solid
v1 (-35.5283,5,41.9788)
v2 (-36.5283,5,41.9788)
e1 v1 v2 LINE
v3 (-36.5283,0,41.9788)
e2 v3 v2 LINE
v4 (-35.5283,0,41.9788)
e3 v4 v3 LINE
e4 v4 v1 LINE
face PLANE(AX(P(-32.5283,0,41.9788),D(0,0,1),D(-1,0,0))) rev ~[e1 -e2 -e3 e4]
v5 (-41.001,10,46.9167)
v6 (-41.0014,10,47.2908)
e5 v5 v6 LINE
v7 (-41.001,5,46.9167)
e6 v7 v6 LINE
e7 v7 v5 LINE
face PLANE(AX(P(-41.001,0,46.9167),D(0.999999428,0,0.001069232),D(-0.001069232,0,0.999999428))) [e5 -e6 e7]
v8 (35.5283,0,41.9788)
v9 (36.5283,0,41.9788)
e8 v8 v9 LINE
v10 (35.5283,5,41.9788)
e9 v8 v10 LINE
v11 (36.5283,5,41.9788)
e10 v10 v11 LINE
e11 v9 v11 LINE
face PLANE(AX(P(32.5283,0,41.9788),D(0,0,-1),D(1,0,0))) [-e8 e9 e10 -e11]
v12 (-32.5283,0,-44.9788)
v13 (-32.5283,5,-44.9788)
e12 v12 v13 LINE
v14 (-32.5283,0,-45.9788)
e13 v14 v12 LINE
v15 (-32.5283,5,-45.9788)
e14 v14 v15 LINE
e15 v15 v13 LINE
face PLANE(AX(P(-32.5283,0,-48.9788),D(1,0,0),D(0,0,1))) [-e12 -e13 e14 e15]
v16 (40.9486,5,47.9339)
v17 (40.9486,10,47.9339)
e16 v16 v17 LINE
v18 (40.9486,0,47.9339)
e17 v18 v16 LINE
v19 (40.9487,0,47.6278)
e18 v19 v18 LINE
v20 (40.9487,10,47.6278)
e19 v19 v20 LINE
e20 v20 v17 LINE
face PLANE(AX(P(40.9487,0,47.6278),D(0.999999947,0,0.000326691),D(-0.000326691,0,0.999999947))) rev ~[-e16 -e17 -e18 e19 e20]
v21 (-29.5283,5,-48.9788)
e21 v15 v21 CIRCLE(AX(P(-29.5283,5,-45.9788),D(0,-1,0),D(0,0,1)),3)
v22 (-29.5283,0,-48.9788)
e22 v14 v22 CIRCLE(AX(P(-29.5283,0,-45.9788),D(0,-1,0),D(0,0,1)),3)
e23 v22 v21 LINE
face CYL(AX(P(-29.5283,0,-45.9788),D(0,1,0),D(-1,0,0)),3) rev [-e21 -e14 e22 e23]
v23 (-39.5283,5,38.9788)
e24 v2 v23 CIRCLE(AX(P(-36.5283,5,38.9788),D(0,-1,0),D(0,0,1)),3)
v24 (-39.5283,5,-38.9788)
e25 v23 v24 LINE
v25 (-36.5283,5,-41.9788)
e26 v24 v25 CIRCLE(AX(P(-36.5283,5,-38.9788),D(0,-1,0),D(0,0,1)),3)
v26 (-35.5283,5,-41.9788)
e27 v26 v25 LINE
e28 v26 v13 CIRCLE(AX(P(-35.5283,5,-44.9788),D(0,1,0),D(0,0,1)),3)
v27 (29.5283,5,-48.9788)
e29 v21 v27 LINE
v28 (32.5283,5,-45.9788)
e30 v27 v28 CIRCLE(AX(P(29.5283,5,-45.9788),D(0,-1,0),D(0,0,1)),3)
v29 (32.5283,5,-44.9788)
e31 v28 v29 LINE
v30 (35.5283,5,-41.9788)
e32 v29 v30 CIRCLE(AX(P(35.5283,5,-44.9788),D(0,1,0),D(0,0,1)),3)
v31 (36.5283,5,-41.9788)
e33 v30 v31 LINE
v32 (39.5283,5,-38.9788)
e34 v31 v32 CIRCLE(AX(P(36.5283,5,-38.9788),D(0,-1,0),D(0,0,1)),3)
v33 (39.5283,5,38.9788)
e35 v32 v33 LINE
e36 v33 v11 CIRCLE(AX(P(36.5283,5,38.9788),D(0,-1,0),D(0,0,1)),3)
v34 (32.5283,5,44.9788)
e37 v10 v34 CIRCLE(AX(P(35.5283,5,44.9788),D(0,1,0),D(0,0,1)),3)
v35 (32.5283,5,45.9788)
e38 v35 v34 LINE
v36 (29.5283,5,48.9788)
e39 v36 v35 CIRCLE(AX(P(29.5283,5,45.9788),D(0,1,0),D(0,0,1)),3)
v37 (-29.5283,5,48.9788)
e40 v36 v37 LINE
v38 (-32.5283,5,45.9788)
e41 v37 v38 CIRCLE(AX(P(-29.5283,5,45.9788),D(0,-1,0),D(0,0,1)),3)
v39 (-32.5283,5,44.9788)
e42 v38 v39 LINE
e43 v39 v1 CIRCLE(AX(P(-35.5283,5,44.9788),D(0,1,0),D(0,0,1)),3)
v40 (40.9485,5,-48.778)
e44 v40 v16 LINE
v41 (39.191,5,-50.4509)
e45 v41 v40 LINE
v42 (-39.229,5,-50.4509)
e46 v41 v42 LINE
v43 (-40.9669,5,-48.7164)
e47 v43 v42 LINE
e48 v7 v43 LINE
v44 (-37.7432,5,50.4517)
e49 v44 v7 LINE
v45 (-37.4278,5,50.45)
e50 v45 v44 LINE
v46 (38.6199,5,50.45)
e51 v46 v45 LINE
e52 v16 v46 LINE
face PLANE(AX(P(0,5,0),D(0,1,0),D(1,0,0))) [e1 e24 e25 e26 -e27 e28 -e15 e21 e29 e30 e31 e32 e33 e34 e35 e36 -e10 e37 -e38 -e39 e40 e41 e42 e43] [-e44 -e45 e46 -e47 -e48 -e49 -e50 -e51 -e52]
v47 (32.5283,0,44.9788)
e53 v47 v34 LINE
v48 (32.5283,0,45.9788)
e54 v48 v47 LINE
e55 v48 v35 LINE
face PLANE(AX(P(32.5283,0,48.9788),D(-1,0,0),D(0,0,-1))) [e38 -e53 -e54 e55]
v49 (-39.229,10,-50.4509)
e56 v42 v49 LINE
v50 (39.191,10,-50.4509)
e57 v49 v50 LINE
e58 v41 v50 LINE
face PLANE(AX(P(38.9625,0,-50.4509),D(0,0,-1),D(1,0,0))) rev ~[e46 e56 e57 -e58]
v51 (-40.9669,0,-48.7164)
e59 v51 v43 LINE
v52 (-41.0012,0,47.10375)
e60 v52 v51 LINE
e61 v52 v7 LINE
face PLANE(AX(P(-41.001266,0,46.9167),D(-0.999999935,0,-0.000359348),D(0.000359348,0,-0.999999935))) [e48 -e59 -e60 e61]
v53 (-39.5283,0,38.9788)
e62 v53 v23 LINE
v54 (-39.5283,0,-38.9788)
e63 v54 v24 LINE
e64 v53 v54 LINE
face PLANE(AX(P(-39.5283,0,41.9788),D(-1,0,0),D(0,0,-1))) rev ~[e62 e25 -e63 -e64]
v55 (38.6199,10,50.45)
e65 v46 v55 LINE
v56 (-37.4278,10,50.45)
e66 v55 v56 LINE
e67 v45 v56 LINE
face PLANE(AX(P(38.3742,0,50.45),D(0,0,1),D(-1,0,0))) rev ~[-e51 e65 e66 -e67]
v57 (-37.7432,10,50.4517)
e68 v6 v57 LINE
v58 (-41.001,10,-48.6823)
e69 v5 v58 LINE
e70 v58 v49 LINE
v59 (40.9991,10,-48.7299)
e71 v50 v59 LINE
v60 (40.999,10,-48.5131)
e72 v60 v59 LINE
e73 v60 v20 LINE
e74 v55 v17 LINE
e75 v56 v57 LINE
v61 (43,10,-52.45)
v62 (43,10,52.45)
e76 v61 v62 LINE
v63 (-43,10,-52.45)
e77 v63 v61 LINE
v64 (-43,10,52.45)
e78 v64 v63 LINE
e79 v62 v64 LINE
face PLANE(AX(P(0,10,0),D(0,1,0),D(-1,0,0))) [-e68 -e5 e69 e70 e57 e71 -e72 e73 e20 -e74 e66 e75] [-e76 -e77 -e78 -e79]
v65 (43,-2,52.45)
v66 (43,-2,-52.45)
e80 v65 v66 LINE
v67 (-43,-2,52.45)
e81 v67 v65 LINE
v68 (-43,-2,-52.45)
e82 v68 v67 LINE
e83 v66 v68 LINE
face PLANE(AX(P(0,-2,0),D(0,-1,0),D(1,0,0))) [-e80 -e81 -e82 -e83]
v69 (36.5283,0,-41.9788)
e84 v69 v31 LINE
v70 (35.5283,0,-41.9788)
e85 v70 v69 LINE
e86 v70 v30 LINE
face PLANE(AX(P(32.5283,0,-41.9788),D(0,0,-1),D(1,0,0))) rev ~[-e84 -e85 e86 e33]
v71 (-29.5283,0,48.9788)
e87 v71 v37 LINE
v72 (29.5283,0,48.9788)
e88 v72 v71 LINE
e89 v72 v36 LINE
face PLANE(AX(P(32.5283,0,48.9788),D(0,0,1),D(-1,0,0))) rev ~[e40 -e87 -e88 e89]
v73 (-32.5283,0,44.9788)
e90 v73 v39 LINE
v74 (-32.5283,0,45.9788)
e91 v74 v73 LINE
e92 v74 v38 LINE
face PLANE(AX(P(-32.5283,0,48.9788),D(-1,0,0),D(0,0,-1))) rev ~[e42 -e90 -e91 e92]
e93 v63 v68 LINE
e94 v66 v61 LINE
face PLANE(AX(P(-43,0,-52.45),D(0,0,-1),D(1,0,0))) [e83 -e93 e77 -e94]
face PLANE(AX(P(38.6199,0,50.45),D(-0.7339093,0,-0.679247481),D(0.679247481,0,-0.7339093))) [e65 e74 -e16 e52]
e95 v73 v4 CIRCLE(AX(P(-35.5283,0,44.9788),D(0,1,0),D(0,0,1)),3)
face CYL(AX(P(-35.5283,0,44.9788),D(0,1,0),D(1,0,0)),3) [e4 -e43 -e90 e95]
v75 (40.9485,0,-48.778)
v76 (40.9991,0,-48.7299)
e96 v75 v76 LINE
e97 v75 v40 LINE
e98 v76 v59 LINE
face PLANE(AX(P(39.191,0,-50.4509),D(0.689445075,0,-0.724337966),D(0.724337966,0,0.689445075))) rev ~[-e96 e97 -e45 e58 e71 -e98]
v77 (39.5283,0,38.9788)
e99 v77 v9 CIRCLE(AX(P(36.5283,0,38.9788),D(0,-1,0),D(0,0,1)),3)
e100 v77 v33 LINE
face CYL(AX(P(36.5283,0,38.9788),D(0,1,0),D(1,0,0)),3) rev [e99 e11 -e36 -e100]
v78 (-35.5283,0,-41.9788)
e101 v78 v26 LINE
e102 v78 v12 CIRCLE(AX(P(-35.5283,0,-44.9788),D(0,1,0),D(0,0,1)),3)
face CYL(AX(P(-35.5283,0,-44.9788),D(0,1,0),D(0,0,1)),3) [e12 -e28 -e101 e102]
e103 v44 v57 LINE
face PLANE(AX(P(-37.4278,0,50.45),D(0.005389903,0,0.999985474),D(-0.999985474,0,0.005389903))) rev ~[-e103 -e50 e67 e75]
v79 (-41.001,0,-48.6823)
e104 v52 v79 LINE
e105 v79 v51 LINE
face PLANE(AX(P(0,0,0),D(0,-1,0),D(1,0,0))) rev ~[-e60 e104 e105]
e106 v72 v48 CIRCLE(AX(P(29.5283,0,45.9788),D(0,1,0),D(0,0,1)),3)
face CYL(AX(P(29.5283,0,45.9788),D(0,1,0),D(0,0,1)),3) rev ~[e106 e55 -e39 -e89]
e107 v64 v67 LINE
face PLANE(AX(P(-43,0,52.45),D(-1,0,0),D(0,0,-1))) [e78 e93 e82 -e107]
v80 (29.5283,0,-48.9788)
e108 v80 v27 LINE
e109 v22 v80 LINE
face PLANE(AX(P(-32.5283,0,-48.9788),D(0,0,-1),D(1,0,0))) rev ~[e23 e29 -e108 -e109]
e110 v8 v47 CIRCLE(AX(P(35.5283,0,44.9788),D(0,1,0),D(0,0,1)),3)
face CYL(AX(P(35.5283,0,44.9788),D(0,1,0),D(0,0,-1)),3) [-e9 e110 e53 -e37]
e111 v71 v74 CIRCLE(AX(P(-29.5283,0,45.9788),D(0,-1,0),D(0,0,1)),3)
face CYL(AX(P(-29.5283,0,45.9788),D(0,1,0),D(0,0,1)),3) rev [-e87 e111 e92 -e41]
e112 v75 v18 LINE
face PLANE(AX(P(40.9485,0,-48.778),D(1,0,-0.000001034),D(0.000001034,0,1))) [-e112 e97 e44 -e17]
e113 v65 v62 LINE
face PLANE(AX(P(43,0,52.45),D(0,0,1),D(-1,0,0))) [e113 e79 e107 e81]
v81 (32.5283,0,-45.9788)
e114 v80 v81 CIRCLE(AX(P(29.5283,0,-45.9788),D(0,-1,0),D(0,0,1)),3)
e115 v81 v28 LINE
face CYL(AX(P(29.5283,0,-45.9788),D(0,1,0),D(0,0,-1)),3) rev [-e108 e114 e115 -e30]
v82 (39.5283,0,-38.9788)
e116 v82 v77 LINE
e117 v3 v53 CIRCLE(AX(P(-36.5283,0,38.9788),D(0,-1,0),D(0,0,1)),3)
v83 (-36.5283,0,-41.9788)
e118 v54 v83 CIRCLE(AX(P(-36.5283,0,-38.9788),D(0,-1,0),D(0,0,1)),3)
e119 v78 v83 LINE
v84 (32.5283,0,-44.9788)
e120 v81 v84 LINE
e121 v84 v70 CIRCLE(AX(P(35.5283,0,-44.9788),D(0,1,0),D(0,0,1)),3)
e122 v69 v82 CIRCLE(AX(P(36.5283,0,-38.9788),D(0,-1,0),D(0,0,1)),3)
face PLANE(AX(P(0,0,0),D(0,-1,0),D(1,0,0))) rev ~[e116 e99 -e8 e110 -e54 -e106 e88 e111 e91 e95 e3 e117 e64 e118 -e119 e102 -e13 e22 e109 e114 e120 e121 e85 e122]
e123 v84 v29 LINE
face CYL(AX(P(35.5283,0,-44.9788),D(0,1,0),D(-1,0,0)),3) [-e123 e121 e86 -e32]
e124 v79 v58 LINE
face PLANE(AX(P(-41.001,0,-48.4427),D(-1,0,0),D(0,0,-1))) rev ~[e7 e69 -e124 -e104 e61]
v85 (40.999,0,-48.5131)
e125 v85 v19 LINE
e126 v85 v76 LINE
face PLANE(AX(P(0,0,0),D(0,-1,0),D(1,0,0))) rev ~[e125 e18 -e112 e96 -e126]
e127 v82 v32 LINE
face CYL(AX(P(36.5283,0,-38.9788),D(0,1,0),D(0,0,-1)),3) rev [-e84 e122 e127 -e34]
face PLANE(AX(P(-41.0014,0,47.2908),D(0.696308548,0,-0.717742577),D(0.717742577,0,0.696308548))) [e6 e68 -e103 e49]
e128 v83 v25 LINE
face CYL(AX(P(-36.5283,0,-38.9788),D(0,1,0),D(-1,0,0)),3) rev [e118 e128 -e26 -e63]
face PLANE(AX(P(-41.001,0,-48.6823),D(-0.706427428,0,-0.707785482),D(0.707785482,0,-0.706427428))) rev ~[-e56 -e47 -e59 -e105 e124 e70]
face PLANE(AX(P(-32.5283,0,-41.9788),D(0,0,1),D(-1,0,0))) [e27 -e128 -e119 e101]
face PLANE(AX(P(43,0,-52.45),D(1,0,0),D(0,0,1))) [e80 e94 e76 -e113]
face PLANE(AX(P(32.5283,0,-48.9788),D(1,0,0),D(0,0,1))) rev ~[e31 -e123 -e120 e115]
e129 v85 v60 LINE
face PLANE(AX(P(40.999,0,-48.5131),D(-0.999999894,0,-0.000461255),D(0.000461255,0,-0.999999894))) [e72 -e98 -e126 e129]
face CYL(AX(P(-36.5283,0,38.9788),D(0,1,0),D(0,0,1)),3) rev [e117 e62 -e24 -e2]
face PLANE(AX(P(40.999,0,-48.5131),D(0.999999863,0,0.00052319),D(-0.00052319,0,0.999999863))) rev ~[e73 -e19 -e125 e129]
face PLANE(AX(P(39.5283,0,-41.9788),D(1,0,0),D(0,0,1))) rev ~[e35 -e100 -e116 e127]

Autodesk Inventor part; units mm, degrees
ref_plane "YZ Plane" through (0, 0, 0) normal (1, 0, 0) x (0, 1, 0)
ref_plane "XZ Plane" through (0, 0, 0) normal (0, 1, 0) x (-1, 0, 0)
ref_plane "XY Plane" through (0, 0, 0) normal (0, 0, 1) x (1, 0, 0)
sketch "Sketch1" plane through (0, 0, 0) normal (0, 1, 0) x (-1, 0, 0)
  line L0 (41, 50.45) -> (40.9472, -50.4928) construction
  line L1 (40.9472, -50.4928) -> (-41, -50.45) construction
  line L2 (-41, -50.45) -> (-40.9472, 50.4928) construction
  line L3 (-40.9472, 50.4928) -> (41, 50.45) construction
  line L4 (-41, 50.45) -> (41, -50.45) construction
  line L5 (41, 50.45) -> (-41, -50.45) construction
  line L6 (-43, 52.45) -> (43, 52.45)
  line L7 (43, 52.45) -> (43, -52.45)
  line L8 (43, -52.45) -> (-43, -52.45)
  line L9 (-43, -52.45) -> (-43, 52.45)
  line L10 (-43, 52.45) -> (43, -52.45) construction
  line L11 (43, 52.45) -> (-43, -52.45) construction
  line L12 (41, 50.45) -> (41, 50.0105)
  line L13 (41.001, 46.9167) -> (41.001, -48.4427)
  line L14 (41, -50.45) -> (40.9473, -50.45)
  line L15 (39.0158, -50.4509) -> (-38.9625, -50.4509)
  line L16 (-38.3742, 50.45) -> (37.4278, 50.45)
  line L17 (-40.999, -48.5131) -> (-40.9487, 47.6278)
  line L18 (37.4278, 50.45) -> (37.7432, 50.4517)
  line L19 (41.001, 46.9167) -> (41.0014, 47.2908)
  line L20 (41.0014, 47.2908) -> (37.7432, 50.4517)
  line L21 (41.001, -48.4427) -> (41.001, -48.6823)
  line L22 (41.001, -48.6823) -> (39.229, -50.4509)
  line L23 (39.229, -50.4509) -> (39.0158, -50.4509)
  line L24 (-38.9625, -50.4509) -> (-39.191, -50.4509)
  line L25 (-39.191, -50.4509) -> (-40.9991, -48.7299)
  line L26 (-40.999, -48.5131) -> (-40.9991, -48.7299)
  line L27 (-40.9487, 47.6278) -> (-40.9486, 47.9339)
  line L28 (-38.3742, 50.45) -> (-38.6199, 50.45)
  line L29 (-38.6199, 50.45) -> (-40.9486, 47.9339)
  point P0 (0, 0)
  dimension "d48" = 82
  dimension "d49" = 100.9
  dimension "d50" = 86
  dimension "d51" = 104.9
extrude "Extrusion3" add sketch "Sketch1" along normal blind 10
sketch "Sketch3" plane through (0, 0, 0) normal (0, -1, 0) x (1, 0, 0)
  line L0 (43, -52.45) -> (-43, -52.45) projected
  line L1 (-43, 52.45) -> (43, 52.45)
  line L2 (43, 52.45) -> (43, -52.45)
  line L3 (43, -52.45) -> (-43, -52.45)
  line L4 (-43, -52.45) -> (-43, 52.45)
  line L5 (-43, 52.45) -> (43, -52.45) construction
  line L6 (43, 52.45) -> (-43, -52.45) construction
  point P0 (0, 0)
extrude "Extrusion4" add sketch "Sketch3" along normal blind 2
sketch "Sketch4" plane through (0, 0, 0) normal (0, 1, 0) x (1, 0, 0)
  line L0 (-40.966, -50.4517) -> (-40.966, 50.4509) construction
  line L1 (-40.966, 50.4509) -> (40.9486, 50.4509) construction
  line L2 (40.9486, 50.4509) -> (40.9486, -50.4517) construction
  line L3 (40.9486, -50.4517) -> (-40.966, -50.4517) construction
  line L4 (-41.001, -46.9167) -> (-41.001, 48.6823) projected
  line L5 (-37.7432, -50.4517) -> (-41.0014, -47.2908) projected
  line L6 (38.6199, -50.45) -> (-37.4278, -50.45) projected
  line L7 (43, 52.45) -> (-43, 52.45) projected
  line L8 (-43, 52.45) -> (-43, -52.45) projected
  line L9 (-43, -52.45) -> (43, -52.45) projected
  line L10 (43, -52.45) -> (43, 52.45) projected
  line L11 (-41.0014, -47.2908) -> (-41.001, -46.9167) projected
  line L12 (-41.001, -46.9167) -> (-41.001, 48.6823) projected
  line L13 (-41.001, 48.6823) -> (-39.229, 50.4509) projected
  line L14 (-39.229, 50.4509) -> (38.9625, 50.4509) projected
  line L15 (38.9625, 50.4509) -> (39.191, 50.4509) projected
  line L16 (39.191, 50.4509) -> (40.9991, 48.7299) projected
  line L17 (40.9991, 48.7299) -> (40.9486, -47.9339) projected
  line L18 (40.9486, -47.9339) -> (38.6199, -50.45) projected
  line L19 (38.6199, -50.45) -> (-37.4278, -50.45) projected
  line L20 (-37.4278, -50.45) -> (-37.7432, -50.4517) projected
  line L21 (-37.7432, -50.4517) -> (-41.0014, -47.2908) projected
  line L22 (-39.229, 50.4509) -> (38.9625, 50.4509) projected
  line L23 (-41.001, 48.6823) -> (-39.229, 50.4509) projected
  point P0 (0, 0)
sketch "Sketch5" plane through (0, 0, 0) normal (0, 1, 0) x (1, 0, 0)
  line L0 (-37.7432, -50.4517) -> (-41.0014, -47.2908) projected
  line L1 (-37.4278, -50.45) -> (-37.7432, -50.4517) projected
  line L2 (38.6199, -50.45) -> (-37.4278, -50.45) projected
  line L3 (40.9486, -47.9339) -> (38.6199, -50.45) projected
  line L4 (40.9991, 48.7299) -> (40.9486, -47.9339) projected
  line L5 (39.191, 50.4509) -> (40.9991, 48.7299) projected
  line L6 (38.9625, 50.4509) -> (39.191, 50.4509) projected
  line L7 (-39.229, 50.4509) -> (38.9625, 50.4509) projected
  line L8 (-41.001, 48.6823) -> (-39.229, 50.4509) projected
  line L9 (-41.001, -46.9167) -> (-41.001, 48.6823) projected
  line L10 (-41.0014, -47.2908) -> (-41.001, -46.9167) projected
  line L11 (-37.7432, -50.4517) -> (-41.0014, -47.2908) projected
  line L12 (38.6199, -50.45) -> (-37.4278, -50.45) projected
  line L13 (-37.4278, -50.45) -> (-37.7432, -50.4517) projected
  line L14 (-41.001, -46.9167) -> (-41.001, 48.6823) projected
  line L15 (-41.0014, -47.2908) -> (-41.001, -46.9167) projected
  line L16 (-41.001, 48.6823) -> (-39.229, 50.4509) projected
  line L17 (-39.229, 50.4509) -> (38.9625, 50.4509) projected
  line L18 (39.191, 50.4509) -> (40.9991, 48.7299) projected
  line L19 (40.9991, 48.7299) -> (40.9486, -47.9339) projected
  line L20 (40.9486, -47.9339) -> (38.6199, -50.45) projected
  line L21 (-41.0014, -47.2908) -> (-40.9669, 48.7164)
  line L22 (-39.229, 50.4509) -> (39.191, 50.4509)
  line L23 (40.9485, 48.778) -> (40.9486, -47.9339)
  line L24 (38.6199, -50.45) -> (-37.7432, -50.4517)
  line L25 (-37.7432, -50.4517) -> (-41.0014, -47.2908)
  line L26 (39.5283, -48.9788) -> (-39.5283, -48.9788)
  line L27 (-39.5283, -48.9788) -> (-39.5283, 48.9788)
  line L28 (-39.5283, 48.9788) -> (39.5283, 48.9788)
  line L29 (39.5283, 48.9788) -> (39.5283, -48.9788)
  line L30 (39.5283, -48.9788) -> (-39.5283, 48.9788) construction
  line L31 (-39.5283, -48.9788) -> (39.5283, 48.9788) construction
  line L32 (-39.5283, -48.9788) -> (-32.5283, -48.9788)
  line L33 (-32.5283, -48.9788) -> (-32.5283, -41.9788)
  line L34 (-32.5283, -41.9788) -> (-39.5283, -41.9788)
  line L35 (-39.5283, -41.9788) -> (-39.5283, -48.9788)
  line L36 (-39.5283, 48.9788) -> (-32.5283, 48.9788)
  line L37 (-32.5283, 48.9788) -> (-32.5283, 41.9788)
  line L38 (-32.5283, 41.9788) -> (-39.5283, 41.9788)
  line L39 (-39.5283, 41.9788) -> (-39.5283, 48.9788)
  line L40 (39.5283, 48.9788) -> (32.5283, 48.9788)
  line L41 (32.5283, 48.9788) -> (32.5283, 41.9788)
  line L42 (32.5283, 41.9788) -> (39.5283, 41.9788)
  line L43 (39.5283, 41.9788) -> (39.5283, 48.9788)
  line L44 (39.5283, -48.9788) -> (32.5283, -48.9788)
  line L45 (32.5283, -48.9788) -> (32.5283, -41.9788)
  line L46 (32.5283, -41.9788) -> (39.5283, -41.9788)
  line L47 (39.5283, -41.9788) -> (39.5283, -48.9788)
  point P0 (0, 0)
  point P1 (-41.001, -46.1517)
  point P2 (-39.5283, -48.7199)
  point P3 (-39.2615, -48.9788)
  dimension "d152" = 7
  dimension "d153" = 7
  dimension "d154" = 7
  dimension "d155" = 7
  dimension "d156" = 7
  dimension "d157" = 7
  dimension "d158" = 7
  dimension "d159" = 7
extrude "Extrusion5" add sketch "Sketch5" along normal blind 5 contours L0 L26 L29 L28 L27 L10 L21 L8 L7 L6 L5 L23 L3 L2 L1 | L0 L27 L34 L33 L26 | L45 L46 L29 L26 | L27 L28 L37 L38 | L42 L41 L28 L29
fillet "Fillet1" radius 3 12 edges at (-39.5283, 2.5, 41.9788) (-32.5283, 2.5, 41.9788) (-32.5283, 2.5, 48.9788) (-32.5283, 2.5, -48.9788) (-32.5283, 2.5, -41.9788) (-39.5283, 2.5, -41.9788) (32.5283, 2.5, -48.9788) (32.5283, 2.5, -41.9788) (39.5283, 2.5, -41.9788) (39.5283, 2.5, 41.9788) (32.5283, 2.5, 41.9788) (32.5283, 2.5, 48.9788)
properties part number "box"
